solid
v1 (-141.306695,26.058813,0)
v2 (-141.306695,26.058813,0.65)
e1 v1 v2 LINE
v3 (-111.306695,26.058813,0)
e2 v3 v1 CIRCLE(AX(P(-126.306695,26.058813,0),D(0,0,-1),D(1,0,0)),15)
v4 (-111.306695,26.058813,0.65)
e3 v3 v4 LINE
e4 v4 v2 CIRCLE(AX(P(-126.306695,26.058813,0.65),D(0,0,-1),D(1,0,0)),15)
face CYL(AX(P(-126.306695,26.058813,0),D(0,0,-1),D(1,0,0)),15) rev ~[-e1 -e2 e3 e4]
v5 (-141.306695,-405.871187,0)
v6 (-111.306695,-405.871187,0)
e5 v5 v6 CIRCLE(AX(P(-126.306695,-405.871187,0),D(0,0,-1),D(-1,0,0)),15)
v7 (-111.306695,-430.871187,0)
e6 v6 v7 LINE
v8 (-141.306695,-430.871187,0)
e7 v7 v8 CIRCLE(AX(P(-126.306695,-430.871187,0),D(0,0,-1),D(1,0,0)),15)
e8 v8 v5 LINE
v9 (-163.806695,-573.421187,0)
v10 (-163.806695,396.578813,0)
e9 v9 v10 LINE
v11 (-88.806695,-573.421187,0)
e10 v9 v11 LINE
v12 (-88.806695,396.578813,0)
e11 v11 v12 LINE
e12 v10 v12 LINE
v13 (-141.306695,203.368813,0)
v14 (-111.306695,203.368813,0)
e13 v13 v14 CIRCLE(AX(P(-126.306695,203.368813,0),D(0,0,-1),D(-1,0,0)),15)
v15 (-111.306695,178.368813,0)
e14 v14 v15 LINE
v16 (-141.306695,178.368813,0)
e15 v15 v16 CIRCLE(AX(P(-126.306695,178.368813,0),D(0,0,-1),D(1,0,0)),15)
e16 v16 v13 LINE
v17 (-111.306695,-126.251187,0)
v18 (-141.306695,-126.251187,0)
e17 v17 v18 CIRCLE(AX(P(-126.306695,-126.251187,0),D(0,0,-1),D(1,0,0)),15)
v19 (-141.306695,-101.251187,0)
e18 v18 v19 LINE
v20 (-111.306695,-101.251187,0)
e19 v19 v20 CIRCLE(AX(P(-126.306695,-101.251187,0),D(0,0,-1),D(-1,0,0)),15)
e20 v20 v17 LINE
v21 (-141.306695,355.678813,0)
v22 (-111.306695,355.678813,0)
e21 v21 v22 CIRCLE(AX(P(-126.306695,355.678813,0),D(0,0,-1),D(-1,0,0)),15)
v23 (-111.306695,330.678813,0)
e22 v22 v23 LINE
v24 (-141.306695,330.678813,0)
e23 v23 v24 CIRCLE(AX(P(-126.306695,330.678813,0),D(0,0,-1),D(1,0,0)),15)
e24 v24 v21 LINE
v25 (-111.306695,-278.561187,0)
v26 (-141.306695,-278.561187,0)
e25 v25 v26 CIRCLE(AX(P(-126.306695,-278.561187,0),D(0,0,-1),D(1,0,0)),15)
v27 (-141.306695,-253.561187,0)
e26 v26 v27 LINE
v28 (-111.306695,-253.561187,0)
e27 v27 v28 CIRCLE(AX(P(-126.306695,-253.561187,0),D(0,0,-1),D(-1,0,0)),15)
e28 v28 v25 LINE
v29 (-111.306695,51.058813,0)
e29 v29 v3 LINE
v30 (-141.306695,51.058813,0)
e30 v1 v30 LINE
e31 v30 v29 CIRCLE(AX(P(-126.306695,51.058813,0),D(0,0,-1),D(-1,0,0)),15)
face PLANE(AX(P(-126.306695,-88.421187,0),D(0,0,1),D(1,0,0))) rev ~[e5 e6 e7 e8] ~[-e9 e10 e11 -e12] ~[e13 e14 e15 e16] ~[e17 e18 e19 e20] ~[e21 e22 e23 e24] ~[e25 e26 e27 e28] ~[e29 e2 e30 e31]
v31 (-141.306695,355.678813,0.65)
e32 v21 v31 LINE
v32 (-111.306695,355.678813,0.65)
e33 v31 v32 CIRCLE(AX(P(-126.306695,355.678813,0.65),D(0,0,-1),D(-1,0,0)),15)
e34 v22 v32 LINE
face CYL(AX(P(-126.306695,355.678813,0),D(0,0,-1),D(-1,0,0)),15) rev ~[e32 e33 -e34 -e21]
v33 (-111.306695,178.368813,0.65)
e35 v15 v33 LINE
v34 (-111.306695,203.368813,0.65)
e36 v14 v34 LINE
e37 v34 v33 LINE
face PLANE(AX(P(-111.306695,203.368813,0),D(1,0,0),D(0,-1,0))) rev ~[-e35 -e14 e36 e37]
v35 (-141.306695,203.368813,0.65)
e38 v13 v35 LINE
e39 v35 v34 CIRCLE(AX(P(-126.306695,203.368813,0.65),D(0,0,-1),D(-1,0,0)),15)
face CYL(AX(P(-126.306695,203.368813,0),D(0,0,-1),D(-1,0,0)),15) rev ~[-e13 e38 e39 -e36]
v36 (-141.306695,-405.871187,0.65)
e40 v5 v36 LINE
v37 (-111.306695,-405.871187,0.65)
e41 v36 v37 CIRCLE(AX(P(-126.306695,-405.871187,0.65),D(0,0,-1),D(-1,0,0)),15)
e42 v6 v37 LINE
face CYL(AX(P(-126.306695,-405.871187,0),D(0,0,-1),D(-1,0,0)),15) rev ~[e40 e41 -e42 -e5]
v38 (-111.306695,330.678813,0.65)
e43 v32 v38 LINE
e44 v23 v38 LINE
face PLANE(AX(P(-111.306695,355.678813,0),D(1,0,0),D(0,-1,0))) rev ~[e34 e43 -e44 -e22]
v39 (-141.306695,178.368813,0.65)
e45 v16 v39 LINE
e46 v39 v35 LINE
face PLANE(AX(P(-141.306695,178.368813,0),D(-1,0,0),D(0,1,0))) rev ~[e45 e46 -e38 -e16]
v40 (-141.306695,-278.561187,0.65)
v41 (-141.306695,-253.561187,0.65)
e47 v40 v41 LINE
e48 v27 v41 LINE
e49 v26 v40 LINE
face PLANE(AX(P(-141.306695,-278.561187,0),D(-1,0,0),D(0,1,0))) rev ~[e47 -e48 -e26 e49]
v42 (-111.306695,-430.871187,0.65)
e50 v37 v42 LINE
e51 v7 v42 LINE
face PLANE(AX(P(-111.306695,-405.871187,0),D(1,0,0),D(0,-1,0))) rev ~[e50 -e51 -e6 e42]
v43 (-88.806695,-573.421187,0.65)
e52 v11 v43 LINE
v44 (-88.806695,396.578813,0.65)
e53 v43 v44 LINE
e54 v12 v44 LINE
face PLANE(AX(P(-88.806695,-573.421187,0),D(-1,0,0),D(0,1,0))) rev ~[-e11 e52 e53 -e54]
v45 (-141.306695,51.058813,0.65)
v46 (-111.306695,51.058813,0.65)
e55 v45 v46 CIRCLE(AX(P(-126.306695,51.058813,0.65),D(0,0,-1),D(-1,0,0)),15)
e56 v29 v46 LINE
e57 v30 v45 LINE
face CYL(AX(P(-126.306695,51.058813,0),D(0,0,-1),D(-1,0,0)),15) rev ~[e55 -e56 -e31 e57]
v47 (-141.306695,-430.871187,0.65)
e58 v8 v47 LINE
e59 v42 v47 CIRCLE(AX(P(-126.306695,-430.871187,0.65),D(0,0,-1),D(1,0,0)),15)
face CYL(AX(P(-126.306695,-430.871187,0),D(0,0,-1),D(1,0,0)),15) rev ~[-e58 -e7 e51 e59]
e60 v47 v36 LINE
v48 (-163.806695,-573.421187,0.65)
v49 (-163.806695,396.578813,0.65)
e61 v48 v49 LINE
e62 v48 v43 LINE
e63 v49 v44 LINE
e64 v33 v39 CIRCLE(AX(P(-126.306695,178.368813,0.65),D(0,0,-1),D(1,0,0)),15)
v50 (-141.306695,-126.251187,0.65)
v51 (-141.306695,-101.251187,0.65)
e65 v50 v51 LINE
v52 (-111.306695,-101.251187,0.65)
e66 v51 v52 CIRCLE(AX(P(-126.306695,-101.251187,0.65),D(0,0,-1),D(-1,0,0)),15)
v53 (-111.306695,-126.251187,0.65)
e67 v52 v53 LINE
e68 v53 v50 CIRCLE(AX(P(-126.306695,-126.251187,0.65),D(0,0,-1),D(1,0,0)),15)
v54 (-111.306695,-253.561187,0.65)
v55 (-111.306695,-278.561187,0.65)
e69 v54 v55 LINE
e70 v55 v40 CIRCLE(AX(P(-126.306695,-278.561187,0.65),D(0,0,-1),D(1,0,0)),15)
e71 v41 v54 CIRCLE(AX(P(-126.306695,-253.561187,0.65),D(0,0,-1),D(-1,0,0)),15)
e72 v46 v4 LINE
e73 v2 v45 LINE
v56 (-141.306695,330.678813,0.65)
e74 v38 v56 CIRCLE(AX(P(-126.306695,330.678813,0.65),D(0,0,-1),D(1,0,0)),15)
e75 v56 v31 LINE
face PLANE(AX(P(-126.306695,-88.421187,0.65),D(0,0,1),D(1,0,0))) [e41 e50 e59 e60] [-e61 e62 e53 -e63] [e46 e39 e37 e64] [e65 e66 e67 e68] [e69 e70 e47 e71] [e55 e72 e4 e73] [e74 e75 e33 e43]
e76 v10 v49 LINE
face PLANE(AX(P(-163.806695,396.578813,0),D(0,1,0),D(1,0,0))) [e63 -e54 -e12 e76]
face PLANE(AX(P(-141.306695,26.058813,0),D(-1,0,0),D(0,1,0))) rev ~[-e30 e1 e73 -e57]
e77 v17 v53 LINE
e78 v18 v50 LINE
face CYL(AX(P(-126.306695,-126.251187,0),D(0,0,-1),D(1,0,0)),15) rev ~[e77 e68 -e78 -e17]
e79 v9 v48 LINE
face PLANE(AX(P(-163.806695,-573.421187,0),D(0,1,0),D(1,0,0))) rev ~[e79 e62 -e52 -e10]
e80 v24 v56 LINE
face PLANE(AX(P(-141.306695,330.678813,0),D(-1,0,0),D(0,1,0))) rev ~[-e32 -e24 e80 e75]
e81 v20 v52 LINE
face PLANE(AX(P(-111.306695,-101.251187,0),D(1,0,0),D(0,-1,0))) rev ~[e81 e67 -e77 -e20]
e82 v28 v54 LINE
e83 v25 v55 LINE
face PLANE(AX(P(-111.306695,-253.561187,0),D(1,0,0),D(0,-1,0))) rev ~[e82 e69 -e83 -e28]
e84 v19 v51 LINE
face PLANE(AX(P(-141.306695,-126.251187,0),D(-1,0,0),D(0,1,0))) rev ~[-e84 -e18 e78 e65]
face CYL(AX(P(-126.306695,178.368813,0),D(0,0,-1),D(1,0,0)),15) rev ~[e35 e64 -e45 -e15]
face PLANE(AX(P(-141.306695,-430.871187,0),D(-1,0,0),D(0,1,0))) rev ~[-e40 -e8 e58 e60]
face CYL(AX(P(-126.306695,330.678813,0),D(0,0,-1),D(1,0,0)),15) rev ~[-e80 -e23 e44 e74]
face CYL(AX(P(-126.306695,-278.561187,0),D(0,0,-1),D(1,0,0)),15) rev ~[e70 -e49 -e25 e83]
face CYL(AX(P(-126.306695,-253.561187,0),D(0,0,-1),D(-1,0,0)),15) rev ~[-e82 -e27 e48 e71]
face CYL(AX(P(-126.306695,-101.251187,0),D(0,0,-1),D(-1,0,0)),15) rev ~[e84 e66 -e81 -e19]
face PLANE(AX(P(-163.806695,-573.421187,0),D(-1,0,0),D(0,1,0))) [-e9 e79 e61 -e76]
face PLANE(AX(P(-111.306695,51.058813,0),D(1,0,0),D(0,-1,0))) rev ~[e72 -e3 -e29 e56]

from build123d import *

# Parameters (mm, degrees)
F0_W     = 75
F0_H     = 970
F1_DEPTH = 0.65


with BuildPart() as f1:
    # F0 (on Top) → F1 (new body)
    with BuildSketch(Plane.XY):
        with Locations((-126.306695, -88.421187)):
            Rectangle(F0_W, F0_H)
        with BuildLine():
            ThreePointArc((-111.306695, -430.871187), (-126.306695, -445.871187), (-141.306695, -430.871187))
            Line((-141.306695, -430.871187), (-141.306695, -405.871187))
            ThreePointArc((-141.306695, -405.871187), (-126.306695, -390.871187), (-111.306695, -405.871187))
            Line((-111.306695, -405.871187), (-111.306695, -430.871187))
        make_face(mode=Mode.SUBTRACT)
        with BuildLine():
            ThreePointArc((-111.306695, -278.561187), (-126.306695, -293.561187), (-141.306695, -278.561187))
            Line((-141.306695, -278.561187), (-141.306695, -253.561187))
            ThreePointArc((-141.306695, -253.561187), (-126.306695, -238.561187), (-111.306695, -253.561187))
            Line((-111.306695, -253.561187), (-111.306695, -278.561187))
        make_face(mode=Mode.SUBTRACT)
        with BuildLine():
            ThreePointArc((-111.306695, -126.251187), (-126.306695, -141.251187), (-141.306695, -126.251187))
            Line((-141.306695, -126.251187), (-141.306695, -101.251187))
            ThreePointArc((-141.306695, -101.251187), (-126.306695, -86.251187), (-111.306695, -101.251187))
            Line((-111.306695, -101.251187), (-111.306695, -126.251187))
        make_face(mode=Mode.SUBTRACT)
        with BuildLine():
            ThreePointArc((-111.306695, 26.058813), (-126.306695, 11.058813), (-141.306695, 26.058813))
            Line((-141.306695, 26.058813), (-141.306695, 51.058813))
            ThreePointArc((-141.306695, 51.058813), (-126.306695, 66.058813), (-111.306695, 51.058813))
            Line((-111.306695, 51.058813), (-111.306695, 26.058813))
        make_face(mode=Mode.SUBTRACT)
        with BuildLine():
            ThreePointArc((-111.306695, 178.368813), (-126.306695, 163.368813), (-141.306695, 178.368813))
            Line((-141.306695, 178.368813), (-141.306695, 203.368813))
            ThreePointArc((-141.306695, 203.368813), (-126.306695, 218.368813), (-111.306695, 203.368813))
            Line((-111.306695, 203.368813), (-111.306695, 178.368813))
        make_face(mode=Mode.SUBTRACT)
        with BuildLine():
            ThreePointArc((-111.306695, 330.678813), (-126.306695, 315.678813), (-141.306695, 330.678813))
            Line((-141.306695, 330.678813), (-141.306695, 355.678813))
            ThreePointArc((-141.306695, 355.678813), (-126.306695, 370.678813), (-111.306695, 355.678813))
            Line((-111.306695, 355.678813), (-111.306695, 330.678813))
        make_face(mode=Mode.SUBTRACT)
    extrude(amount=F1_DEPTH)


solid = f1.part
